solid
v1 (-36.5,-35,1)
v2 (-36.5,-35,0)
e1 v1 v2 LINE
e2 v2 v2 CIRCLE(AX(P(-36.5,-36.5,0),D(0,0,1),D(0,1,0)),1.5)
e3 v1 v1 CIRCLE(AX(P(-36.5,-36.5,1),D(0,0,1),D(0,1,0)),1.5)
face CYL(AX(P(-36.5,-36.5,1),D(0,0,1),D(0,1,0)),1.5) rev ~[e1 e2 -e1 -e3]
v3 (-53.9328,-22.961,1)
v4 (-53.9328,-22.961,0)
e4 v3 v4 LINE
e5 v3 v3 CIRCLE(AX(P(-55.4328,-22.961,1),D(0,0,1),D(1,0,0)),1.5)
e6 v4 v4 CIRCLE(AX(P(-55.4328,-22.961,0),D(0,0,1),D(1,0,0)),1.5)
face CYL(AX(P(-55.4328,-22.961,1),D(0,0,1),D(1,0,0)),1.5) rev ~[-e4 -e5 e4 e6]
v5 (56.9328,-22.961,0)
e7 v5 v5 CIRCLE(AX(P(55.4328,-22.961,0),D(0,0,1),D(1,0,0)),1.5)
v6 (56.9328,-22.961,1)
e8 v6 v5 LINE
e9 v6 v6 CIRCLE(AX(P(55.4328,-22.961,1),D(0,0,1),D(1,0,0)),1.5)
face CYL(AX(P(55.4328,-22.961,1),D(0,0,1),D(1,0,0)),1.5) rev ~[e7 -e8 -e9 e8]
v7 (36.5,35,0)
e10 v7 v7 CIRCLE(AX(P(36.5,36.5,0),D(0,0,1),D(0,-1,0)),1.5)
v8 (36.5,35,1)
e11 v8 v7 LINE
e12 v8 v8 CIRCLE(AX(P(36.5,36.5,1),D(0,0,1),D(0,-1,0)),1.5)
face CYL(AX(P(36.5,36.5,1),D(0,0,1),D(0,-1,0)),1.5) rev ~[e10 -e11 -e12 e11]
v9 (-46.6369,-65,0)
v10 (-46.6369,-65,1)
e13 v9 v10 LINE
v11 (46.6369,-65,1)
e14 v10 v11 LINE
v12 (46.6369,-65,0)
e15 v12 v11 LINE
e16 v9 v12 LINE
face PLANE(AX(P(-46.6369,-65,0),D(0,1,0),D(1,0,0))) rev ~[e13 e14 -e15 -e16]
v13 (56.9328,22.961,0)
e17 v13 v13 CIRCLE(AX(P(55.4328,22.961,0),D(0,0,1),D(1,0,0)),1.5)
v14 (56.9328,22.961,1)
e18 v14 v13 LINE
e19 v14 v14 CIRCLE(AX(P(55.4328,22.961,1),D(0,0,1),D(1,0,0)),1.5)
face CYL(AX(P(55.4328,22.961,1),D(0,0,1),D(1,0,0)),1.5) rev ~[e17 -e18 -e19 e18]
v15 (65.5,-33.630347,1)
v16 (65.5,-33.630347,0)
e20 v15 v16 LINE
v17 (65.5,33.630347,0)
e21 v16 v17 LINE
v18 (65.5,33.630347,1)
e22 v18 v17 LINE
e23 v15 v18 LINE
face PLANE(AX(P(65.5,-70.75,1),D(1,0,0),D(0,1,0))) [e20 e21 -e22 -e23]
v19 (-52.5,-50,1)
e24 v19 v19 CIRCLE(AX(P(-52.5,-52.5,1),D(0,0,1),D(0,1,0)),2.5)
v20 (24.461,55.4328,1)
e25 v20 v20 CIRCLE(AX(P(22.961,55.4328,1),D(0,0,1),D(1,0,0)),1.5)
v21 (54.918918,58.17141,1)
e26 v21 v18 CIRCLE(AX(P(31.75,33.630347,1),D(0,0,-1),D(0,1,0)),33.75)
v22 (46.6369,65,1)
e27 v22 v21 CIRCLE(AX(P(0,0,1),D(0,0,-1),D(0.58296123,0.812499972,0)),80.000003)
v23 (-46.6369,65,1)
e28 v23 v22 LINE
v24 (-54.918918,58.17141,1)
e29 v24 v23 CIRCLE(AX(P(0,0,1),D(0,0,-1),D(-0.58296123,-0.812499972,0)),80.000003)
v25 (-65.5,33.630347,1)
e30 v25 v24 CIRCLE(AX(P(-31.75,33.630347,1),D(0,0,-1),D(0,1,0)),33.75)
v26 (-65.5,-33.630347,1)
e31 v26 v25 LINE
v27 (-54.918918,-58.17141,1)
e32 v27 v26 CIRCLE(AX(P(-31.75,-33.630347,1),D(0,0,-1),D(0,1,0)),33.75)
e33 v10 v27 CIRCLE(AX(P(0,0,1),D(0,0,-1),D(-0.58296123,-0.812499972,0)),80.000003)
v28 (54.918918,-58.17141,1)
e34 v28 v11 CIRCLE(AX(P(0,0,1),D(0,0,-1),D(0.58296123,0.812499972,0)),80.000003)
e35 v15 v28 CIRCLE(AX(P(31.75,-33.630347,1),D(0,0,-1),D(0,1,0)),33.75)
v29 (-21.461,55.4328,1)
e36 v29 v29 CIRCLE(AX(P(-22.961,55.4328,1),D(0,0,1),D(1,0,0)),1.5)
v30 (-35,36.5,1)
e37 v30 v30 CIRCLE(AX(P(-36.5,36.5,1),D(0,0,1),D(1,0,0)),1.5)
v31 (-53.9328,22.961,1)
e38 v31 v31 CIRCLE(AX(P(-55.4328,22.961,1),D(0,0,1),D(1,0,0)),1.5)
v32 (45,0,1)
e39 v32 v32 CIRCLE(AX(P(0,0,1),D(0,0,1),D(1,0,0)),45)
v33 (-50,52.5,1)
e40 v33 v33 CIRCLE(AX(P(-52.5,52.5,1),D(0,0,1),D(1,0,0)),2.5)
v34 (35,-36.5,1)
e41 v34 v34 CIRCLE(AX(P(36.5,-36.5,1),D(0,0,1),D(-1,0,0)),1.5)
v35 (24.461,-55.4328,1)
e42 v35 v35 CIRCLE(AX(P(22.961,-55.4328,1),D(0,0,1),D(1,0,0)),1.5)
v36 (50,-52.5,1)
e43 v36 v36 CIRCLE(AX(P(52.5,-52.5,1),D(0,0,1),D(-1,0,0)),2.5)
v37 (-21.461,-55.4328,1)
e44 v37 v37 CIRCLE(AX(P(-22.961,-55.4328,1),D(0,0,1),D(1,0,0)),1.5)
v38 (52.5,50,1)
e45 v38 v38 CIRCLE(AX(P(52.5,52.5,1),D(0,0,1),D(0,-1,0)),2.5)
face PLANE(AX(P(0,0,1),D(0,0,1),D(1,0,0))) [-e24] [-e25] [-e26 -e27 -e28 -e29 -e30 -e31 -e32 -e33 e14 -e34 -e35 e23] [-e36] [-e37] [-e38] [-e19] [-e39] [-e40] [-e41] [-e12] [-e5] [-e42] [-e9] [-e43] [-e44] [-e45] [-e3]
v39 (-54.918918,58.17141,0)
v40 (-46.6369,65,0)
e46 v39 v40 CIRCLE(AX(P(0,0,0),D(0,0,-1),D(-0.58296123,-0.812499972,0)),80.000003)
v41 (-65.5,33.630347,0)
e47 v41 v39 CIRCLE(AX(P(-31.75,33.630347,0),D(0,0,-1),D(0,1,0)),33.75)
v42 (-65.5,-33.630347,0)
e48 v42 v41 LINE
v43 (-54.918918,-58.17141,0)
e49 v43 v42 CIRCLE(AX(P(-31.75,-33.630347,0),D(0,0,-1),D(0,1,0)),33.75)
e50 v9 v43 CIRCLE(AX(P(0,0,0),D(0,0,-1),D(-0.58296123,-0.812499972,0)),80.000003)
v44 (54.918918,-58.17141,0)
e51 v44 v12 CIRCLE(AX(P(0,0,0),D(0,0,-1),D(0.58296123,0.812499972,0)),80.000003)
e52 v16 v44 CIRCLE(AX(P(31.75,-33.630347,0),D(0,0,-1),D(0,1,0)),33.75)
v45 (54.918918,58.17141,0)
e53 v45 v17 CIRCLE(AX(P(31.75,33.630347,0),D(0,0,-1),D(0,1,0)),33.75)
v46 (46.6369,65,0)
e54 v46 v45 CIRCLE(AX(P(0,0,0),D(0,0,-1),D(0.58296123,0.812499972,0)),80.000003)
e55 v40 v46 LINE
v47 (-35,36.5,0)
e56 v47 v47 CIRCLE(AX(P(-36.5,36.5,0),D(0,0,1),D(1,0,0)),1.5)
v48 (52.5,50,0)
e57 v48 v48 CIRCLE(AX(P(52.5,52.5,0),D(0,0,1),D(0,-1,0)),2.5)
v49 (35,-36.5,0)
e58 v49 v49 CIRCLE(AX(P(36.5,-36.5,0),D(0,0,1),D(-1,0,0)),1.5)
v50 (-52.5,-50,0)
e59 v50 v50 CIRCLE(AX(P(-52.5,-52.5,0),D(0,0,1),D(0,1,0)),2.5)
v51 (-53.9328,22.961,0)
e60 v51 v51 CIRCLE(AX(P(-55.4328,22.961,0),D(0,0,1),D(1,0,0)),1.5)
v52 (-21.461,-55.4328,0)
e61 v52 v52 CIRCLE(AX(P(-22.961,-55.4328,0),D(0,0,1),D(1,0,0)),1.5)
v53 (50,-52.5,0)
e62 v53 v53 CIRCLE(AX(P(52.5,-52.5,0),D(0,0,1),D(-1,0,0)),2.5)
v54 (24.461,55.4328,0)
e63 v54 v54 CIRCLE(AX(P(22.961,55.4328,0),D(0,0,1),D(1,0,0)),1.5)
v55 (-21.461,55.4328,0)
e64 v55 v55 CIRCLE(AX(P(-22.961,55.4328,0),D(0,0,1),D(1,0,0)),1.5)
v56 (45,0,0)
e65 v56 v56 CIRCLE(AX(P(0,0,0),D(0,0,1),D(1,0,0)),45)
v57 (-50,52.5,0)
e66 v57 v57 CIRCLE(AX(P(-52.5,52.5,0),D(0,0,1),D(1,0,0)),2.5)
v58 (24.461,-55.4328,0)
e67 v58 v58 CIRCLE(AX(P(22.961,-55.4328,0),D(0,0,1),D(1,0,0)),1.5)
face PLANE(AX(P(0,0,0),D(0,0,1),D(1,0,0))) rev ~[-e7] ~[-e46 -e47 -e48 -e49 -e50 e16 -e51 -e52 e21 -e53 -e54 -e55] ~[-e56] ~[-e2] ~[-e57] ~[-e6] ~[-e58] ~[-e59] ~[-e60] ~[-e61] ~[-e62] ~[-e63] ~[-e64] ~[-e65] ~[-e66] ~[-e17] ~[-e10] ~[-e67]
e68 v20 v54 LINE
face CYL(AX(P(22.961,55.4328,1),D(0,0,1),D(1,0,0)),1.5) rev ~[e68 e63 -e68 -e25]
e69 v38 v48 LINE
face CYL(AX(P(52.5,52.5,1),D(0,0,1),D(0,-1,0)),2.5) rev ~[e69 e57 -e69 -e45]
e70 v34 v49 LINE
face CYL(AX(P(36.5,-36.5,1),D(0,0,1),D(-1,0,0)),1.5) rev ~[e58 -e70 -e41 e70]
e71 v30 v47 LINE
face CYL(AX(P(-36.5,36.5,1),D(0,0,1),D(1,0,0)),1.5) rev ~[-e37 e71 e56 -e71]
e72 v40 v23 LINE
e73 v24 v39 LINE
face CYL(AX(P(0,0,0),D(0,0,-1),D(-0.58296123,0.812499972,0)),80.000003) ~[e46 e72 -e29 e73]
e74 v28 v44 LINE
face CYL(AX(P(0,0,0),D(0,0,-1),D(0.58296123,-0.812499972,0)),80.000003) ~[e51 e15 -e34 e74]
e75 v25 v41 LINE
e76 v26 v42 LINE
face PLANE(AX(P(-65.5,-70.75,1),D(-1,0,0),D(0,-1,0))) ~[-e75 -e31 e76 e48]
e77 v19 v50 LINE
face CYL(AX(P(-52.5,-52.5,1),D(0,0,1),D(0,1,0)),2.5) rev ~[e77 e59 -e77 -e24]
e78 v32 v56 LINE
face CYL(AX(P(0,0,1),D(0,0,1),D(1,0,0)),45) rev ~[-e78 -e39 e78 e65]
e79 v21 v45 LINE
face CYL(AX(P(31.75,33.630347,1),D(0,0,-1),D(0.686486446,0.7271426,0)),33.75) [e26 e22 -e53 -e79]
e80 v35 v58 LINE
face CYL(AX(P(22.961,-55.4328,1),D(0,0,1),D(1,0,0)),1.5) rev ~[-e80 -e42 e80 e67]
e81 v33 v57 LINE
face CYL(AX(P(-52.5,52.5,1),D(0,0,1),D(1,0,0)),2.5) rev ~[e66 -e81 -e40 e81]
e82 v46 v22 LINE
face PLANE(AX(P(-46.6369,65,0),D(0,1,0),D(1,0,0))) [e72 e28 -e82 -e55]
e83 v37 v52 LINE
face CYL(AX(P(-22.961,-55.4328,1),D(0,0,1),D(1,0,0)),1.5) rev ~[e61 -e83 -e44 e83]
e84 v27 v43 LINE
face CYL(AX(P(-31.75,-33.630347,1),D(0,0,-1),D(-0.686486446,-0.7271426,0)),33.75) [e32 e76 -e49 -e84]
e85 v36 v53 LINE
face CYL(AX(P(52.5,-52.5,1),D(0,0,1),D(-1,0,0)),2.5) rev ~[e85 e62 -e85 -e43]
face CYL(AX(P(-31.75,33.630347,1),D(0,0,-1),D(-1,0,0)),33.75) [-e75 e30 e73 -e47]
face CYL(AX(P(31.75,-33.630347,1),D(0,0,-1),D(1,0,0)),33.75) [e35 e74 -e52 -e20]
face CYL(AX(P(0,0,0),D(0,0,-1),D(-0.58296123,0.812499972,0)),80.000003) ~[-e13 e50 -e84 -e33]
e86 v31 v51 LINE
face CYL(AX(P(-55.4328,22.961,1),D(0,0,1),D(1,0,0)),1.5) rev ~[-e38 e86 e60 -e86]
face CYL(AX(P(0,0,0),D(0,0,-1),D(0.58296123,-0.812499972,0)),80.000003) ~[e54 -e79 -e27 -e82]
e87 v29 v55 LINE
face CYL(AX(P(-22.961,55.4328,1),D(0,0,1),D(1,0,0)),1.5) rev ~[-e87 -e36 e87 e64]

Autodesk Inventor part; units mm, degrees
ref_plane "YZ Plane" through (0, 0, 0) normal (1, 0, 0) x (0, 1, 0)
ref_plane "XZ Plane" through (0, 0, 0) normal (0, 1, 0) x (-1, 0, 0)
ref_plane "XY Plane" through (0, 0, 0) normal (0, 0, 1) x (1, 0, 0)
sketch "스케치1" plane through (0, 0, 0) normal (0, 0, 1) x (1, 0, 0)
  circle A0 centre (0, 0) radius 60 construction
  line L0 (0, 0) -> (0, 95.3997)
  line L1 (0, 0) -> (-132.5472, 0)
  line L2 (52.5, 52.5) -> (-52.5, 52.5)
  line L3 (-52.5, 52.5) -> (-52.5, -52.5)
  line L4 (-52.5, -52.5) -> (52.5, -52.5)
  line L5 (52.5, -52.5) -> (52.5, 52.5)
  line L6 (52.5, 52.5) -> (-52.5, -52.5) construction
  line L7 (-52.5, 52.5) -> (52.5, -52.5) construction
  arc A1 (-46.6369, 65) -> (-46.6369, -65) centre (0, 0) ccw
  arc A2 (46.6369, -65) -> (46.6369, 65) centre (0, 0) ccw
  line L8 (-46.6369, 65) -> (46.6369, 65)
  line L9 (-46.6369, -65) -> (46.6369, -65)
  line L10 (0, 0) -> (104.7447, 43.3867)
  line L11 (0, 0) -> (113.3748, 0) construction
  circle A3 centre (55.4328, 22.961) radius 1.5
  dimension "d0" = 120
  dimension "d49" = 105
  dimension "d50" = 105
  dimension "d56" = 22.5
  dimension "d57" = 3
extrude "돌출1" add sketch "스케치1" along normal blind 1
sketch "스케치5" plane through (0, 0, 1) normal (0, 0, 1) x (1, 0, 0)
  arc A0 (46.6369, -65) -> (46.6369, 65) centre (0, 0) ccw projected
  circle A1 centre (55.4328, 22.961) radius 1.5 projected
  circle A2 centre (55.4328, 22.961) radius 1.5
  circle A3 centre (22.961, 55.4328) radius 1.5
  circle A4 centre (-22.961, 55.4328) radius 1.5
  circle A5 centre (-55.4328, 22.961) radius 1.5
  circle A6 centre (-55.4328, -22.961) radius 1.5
  circle A7 centre (-22.961, -55.4328) radius 1.5
  circle A8 centre (22.961, -55.4328) radius 1.5
  circle A9 centre (55.4328, -22.961) radius 1.5
  dimension "d60" = 360
extrude "돌출5" cut sketch "스케치5" against normal through all
sketch "스케치6" plane through (0, 0, 1) normal (0, 0, 1) x (1, 0, 0)
  arc A0 (-46.6369, 65) -> (-46.6369, -65) centre (0, 0) ccw projected
  line L0 (36.5, 36.5) -> (-36.5, 36.5) construction
  line L1 (-36.5, 36.5) -> (-36.5, -36.5) construction
  line L2 (-36.5, -36.5) -> (36.5, -36.5) construction
  line L3 (36.5, -36.5) -> (36.5, 36.5) construction
  line L4 (36.5, 36.5) -> (-36.5, -36.5) construction
  line L5 (-36.5, 36.5) -> (36.5, -36.5) construction
  circle A1 centre (-36.5, 36.5) radius 1.5
  dimension "d64" = 73
  dimension "d65" = 73
  dimension "d66" = 3
extrude "돌출6" cut sketch "스케치6" against normal through all
pattern_circular "원형 패턴1" count 4 over 360 about axis through (0, 0, 0) along (0, 0, 1) of "돌출6"
sketch "스케치7" plane through (0, 0, 1) normal (0, 0, 1) x (1, 0, 0)
  arc A0 (-46.6369, 65) -> (-46.6369, -65) centre (0, 0) ccw projected
  line L0 (52.5, 52.5) -> (-52.5, 52.5) construction
  line L1 (-52.5, 52.5) -> (-52.5, -52.5) construction
  line L2 (-52.5, -52.5) -> (52.5, -52.5) construction
  line L3 (52.5, -52.5) -> (52.5, 52.5) construction
  line L4 (52.5, 52.5) -> (-52.5, -52.5) construction
  line L5 (-52.5, 52.5) -> (52.5, -52.5) construction
  circle A1 centre (-52.5, 52.5) radius 2.5
  dimension "d72" = 105
  dimension "d73" = 105
  dimension "d74" = 5
extrude "돌출7" cut sketch "스케치7" against normal through all
pattern_circular "원형 패턴2" count 4 over 360 about axis through (0, 0, 0) along (0, 0, 1) of "돌출7"
sketch "스케치9" plane through (0, 0, 1) normal (0, 0, 1) x (1, 0, 0)
  arc A0 (-46.6369, 65) -> (-46.6369, -65) centre (0, 0) ccw projected
  line L0 (-34.8236, -59) -> (-59, -34.8236) projected
  line L1 (-59, -34.8236) -> (-59, 34.8236) projected
  line L2 (-59, 34.8236) -> (-34.8236, 59) projected
  line L3 (-34.8236, 59) -> (34.8236, 59) projected
  line L4 (34.8236, 59) -> (59, 34.8236) projected
  line L5 (59, 34.8236) -> (59, -34.8236) projected
  line L6 (59, -34.8236) -> (34.8236, -59) projected
  line L7 (34.8236, -59) -> (-34.8236, -59) projected
  circle A1 centre (52.5, -52.5) radius 2.5 projected
  circle A2 centre (-52.5, 52.5) radius 2.5 projected
  circle A3 centre (-52.5, -52.5) radius 2.5 projected
  circle A4 centre (52.5, 52.5) radius 2.5 projected
  line L8 (-84.5, -70.75) -> (65.5, -70.75) projected
  line L9 (65.5, -70.75) -> (65.5, 70.75) projected
  line L10 (65.5, 70.75) -> (-84.5, 70.75) projected
  line L11 (-84.5, 70.75) -> (-84.5, -70.75) projected
  circle A5 centre (0, 0) radius 45
  dimension "d80" = 90
extrude "돌출8" cut sketch "스케치9" against normal through all contours A5
sketch "스케치11" plane through (0, 0, 1) normal (0, 0, 1) x (1, 0, 0)
  line L0 (65.5, -70.75) -> (65.5, 70.75) projected
  line L1 (65.5, 70.75) -> (105.9964, 70.75)
  line L2 (105.9964, 70.75) -> (105.9964, -90.2742)
  line L3 (105.9964, -90.2742) -> (65.5, -90.2742)
  line L4 (65.5, -90.2742) -> (65.5, 70.75)
extrude "돌출9" cut sketch "스케치11" against normal through all
mirror "미러3" about plane through (0, 0, 0) normal (1, 0, 0) of "돌출9"
fillet "모깎기3" radius 33.75 4 edges at (65.5, 45.932, 0.5) (65.5, -45.932, 0.5) (-65.5, -45.932, 0.5) (-65.5, 45.932, 0.5)
properties part number "모터드라이버 지지대 철판가공"
